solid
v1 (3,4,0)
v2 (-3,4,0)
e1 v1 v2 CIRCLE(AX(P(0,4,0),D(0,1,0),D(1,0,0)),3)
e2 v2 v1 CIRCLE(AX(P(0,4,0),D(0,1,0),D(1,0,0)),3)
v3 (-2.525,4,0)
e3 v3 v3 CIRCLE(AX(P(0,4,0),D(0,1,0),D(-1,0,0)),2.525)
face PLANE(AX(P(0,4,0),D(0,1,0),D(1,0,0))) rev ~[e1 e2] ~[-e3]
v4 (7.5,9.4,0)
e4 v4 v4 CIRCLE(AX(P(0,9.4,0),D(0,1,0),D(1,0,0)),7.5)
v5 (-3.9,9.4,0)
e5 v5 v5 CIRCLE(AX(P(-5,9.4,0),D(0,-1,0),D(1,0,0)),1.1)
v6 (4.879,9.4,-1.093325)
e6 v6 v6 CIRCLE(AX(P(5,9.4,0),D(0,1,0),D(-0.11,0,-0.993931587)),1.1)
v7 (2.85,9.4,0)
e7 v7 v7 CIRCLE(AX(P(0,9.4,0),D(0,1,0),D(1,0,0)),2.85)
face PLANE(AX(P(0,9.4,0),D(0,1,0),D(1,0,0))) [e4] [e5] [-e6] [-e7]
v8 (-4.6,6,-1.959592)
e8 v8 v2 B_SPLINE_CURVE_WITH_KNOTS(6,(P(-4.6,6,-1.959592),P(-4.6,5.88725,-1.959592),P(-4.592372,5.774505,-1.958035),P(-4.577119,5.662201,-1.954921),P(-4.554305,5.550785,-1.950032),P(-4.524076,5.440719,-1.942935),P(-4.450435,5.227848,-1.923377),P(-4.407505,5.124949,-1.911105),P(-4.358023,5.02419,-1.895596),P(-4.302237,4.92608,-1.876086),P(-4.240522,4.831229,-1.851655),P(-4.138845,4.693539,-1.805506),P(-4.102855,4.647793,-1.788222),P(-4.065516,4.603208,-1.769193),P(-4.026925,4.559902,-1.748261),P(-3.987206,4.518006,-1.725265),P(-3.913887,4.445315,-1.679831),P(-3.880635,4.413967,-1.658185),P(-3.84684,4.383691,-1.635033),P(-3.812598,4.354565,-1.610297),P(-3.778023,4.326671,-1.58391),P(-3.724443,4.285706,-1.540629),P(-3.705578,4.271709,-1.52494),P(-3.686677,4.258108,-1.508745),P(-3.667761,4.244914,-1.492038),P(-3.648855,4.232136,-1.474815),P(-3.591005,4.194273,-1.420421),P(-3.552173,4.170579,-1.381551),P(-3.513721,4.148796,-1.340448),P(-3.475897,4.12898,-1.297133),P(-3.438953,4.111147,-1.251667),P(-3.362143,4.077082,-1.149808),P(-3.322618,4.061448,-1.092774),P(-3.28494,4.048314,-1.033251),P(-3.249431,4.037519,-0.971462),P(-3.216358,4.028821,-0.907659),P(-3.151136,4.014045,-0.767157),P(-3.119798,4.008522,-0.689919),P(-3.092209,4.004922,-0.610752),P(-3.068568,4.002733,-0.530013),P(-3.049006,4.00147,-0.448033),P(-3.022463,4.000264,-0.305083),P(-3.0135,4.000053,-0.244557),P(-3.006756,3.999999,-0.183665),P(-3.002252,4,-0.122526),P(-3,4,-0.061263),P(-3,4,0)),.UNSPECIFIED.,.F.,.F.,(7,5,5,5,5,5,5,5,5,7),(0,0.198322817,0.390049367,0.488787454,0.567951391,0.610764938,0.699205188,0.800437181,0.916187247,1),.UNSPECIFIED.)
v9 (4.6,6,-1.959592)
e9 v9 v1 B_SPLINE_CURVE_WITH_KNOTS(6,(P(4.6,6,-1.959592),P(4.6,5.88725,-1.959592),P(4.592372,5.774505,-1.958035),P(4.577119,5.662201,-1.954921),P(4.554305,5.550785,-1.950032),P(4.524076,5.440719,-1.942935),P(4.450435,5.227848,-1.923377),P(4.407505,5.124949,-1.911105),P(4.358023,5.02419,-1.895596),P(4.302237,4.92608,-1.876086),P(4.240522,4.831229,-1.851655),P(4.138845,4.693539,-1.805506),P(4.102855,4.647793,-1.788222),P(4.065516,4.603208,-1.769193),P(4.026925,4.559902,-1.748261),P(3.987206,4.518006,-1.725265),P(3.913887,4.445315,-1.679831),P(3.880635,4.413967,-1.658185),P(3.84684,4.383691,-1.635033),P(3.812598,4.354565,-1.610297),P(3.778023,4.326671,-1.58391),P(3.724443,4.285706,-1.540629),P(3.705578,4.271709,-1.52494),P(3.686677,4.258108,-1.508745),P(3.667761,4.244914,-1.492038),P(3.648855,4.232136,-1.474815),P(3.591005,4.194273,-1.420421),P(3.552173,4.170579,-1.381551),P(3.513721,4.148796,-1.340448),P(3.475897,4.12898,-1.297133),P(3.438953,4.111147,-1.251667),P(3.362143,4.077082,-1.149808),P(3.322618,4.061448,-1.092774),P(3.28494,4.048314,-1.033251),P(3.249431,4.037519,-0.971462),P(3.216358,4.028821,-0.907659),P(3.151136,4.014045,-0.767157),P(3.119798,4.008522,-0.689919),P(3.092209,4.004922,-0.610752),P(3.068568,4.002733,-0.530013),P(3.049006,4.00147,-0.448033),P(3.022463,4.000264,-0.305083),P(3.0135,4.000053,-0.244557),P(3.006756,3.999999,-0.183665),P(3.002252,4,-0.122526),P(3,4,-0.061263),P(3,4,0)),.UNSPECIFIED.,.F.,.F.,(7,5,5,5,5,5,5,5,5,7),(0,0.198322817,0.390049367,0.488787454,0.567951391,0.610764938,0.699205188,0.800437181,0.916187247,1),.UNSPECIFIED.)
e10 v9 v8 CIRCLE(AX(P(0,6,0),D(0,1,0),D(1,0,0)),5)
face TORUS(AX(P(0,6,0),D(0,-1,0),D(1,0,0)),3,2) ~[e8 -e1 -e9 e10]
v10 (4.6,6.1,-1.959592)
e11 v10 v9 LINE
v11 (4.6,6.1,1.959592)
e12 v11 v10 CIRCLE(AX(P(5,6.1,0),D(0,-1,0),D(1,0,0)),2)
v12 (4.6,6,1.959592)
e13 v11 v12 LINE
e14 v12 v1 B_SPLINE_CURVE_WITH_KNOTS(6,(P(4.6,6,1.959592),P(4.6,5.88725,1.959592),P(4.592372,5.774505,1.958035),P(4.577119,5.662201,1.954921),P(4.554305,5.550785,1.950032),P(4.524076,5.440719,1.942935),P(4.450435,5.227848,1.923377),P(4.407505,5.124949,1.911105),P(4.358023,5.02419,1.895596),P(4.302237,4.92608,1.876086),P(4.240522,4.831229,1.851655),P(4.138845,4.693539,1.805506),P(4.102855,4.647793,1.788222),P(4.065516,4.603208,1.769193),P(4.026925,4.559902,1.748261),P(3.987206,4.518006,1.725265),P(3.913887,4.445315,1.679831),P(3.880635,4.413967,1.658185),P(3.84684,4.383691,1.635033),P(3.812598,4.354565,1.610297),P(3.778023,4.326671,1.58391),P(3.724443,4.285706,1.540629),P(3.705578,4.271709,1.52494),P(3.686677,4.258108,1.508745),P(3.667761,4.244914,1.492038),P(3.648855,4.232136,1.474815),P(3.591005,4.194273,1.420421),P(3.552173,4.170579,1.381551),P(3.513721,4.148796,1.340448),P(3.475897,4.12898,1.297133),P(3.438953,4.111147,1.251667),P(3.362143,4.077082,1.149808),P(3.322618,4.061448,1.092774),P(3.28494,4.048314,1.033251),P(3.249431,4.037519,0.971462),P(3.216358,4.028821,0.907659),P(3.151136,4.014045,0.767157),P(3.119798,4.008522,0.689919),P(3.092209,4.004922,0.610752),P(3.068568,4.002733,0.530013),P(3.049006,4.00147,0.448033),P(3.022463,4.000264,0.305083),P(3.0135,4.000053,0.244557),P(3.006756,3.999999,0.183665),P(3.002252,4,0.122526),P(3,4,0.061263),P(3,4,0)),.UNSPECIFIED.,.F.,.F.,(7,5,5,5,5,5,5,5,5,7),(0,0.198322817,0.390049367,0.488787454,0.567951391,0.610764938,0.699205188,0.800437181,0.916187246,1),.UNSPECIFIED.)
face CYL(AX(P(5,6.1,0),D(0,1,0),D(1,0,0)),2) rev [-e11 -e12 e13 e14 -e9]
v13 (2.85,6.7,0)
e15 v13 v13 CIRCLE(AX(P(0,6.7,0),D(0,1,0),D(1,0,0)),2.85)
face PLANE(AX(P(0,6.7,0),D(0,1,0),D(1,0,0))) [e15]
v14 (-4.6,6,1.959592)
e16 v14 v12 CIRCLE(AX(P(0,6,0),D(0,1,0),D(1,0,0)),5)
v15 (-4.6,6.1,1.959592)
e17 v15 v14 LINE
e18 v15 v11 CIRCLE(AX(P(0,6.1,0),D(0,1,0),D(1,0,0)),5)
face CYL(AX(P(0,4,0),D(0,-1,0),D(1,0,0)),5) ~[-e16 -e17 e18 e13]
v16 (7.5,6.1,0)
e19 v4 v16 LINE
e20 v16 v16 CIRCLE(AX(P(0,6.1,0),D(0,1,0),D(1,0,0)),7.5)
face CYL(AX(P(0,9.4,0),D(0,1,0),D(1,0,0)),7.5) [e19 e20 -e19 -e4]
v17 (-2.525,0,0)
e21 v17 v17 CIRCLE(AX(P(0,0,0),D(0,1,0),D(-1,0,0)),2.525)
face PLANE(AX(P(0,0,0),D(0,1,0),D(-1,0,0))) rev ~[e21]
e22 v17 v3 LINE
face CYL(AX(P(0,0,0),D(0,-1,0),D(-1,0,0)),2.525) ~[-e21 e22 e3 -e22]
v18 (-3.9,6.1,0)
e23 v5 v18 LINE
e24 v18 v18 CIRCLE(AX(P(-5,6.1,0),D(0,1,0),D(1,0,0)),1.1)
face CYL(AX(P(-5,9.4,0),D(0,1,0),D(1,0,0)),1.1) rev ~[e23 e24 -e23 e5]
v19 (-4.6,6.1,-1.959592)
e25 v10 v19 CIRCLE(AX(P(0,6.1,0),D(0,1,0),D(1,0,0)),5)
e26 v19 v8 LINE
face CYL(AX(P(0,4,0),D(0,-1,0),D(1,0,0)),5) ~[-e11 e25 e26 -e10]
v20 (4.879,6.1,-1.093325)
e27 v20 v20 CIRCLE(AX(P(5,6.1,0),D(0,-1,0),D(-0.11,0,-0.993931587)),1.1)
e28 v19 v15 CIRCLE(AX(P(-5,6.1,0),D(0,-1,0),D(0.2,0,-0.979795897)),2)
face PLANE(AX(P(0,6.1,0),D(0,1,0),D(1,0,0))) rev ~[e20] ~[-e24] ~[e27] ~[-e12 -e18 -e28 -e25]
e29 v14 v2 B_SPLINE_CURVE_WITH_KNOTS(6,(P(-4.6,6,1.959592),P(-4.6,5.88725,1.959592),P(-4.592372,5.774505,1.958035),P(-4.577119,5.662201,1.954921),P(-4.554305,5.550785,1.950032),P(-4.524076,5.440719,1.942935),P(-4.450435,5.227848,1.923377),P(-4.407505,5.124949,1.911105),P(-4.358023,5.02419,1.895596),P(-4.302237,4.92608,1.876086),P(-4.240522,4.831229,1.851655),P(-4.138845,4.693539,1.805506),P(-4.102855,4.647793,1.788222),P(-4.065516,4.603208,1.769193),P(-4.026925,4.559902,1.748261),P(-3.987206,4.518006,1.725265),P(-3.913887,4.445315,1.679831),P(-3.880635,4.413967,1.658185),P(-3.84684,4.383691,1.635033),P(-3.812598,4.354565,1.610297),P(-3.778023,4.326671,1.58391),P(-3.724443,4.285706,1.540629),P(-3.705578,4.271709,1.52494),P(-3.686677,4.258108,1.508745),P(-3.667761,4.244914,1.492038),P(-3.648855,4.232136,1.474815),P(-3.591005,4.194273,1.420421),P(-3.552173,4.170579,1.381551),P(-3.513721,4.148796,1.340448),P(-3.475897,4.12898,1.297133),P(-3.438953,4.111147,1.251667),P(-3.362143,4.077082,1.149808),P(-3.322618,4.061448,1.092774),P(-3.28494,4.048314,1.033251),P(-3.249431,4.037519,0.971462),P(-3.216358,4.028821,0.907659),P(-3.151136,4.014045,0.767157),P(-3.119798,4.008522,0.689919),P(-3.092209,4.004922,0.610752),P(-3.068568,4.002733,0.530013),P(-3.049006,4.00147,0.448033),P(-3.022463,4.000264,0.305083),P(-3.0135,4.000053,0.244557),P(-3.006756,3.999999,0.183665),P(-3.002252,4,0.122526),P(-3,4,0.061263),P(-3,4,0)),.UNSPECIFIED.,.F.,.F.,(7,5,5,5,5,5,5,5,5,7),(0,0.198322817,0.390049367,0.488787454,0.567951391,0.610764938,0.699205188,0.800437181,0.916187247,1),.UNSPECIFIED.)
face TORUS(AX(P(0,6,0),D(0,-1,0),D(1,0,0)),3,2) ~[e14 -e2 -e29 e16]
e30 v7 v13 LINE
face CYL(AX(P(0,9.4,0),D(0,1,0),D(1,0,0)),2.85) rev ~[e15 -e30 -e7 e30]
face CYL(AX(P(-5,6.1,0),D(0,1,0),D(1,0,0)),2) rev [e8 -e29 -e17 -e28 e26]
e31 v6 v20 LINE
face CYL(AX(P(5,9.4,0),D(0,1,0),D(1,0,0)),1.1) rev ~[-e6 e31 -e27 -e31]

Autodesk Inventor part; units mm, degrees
ref_plane "YZ Plane" through (0, 0, 0) normal (1, 0, 0) x (0, 1, 0)
ref_plane "XZ Plane" through (0, 0, 0) normal (0, 1, 0) x (-1, 0, 0)
ref_plane "XY Plane" through (0, 0, 0) normal (0, 0, 1) x (1, 0, 0)
sketch "Sketch1" plane through (0, 0, 0) normal (0, 1, 0) x (-1, 0, 0)
  circle A0 centre (0, 0) radius 2.525
  dimension "d0" = 5.05
extrude "Extrusion1" add sketch "Sketch1" along normal blind 4
sketch "Sketch2" plane through (0, 4, 0) normal (0, 1, 0) x (1, 0, 0)
  circle A0 centre (0, 0) radius 5
  dimension "d3" = 10
extrude "Extrusion2" add sketch "Sketch2" along normal blind 5.4
fillet "Fillet1" radius 2 1 edges at (-5, 4, 0)
sketch "Sketch3" plane through (0, 9.4, 0) normal (0, 1, 0) x (1, 0, 0)
  circle A0 centre (0, 0) radius 7.5
  circle A1 centre (0, 0) radius 6.25
  circle A2 centre (0, 0) radius 5 projected
  circle A3 centre (-5, 0) radius 1.1
  circle A4 centre (5, 0) radius 1.1
  point P0 (4.879, -1.0933)
  point P1 (-4.879, -1.0933)
  point P2 (-4.879, 1.0933)
  point P3 (4.879, 1.0933)
  dimension "d7" = 15
  dimension "d8" = 12.5
  dimension "d9" = 2.2
  dimension "d10" = 2.2
extrude "Extrusion3" add sketch "Sketch3" against normal blind 3.3 contours A0 | A1
extrude "Extrusion4" cut sketch "Sketch3" against normal blind 5.4 contours A2 A4 | A2 A4 | A3 A2 | A2 A3
sketch "Sketch4" plane through (0, 6.1, 0) normal (0, -1, 0) x (1, 0, 0)
  arc A0 (4.879, -1.0933) -> (4.879, 1.0933) centre (5, 0) ccw projected
  arc A1 (-4.879, 1.0933) -> (-4.879, -1.0933) centre (-5, 0) ccw projected
  circle A2 centre (-5, 0) radius 2
  circle A3 centre (0, 0) radius 3 projected
  circle A4 centre (5, 0) radius 2
extrude "Extrusion5" cut sketch "Sketch4" along normal blind 3.3 contours A2 | A4
sketch "Sketch5" plane through (0, 0, 0) normal (1, 0, 0) x (0, 1, 0)
  point P0 (0, 0)
sketch "Sketch6" plane through (0, 9.4, 0) normal (0, 1, 0) x (1, 0, 0)
  circle A0 centre (0, 0) radius 2.85
  dimension "d17" = 5.7
extrude "Extrusion6" cut sketch "Sketch6" against normal blind 2.7
properties part number "spinner_under_3DPrint"
